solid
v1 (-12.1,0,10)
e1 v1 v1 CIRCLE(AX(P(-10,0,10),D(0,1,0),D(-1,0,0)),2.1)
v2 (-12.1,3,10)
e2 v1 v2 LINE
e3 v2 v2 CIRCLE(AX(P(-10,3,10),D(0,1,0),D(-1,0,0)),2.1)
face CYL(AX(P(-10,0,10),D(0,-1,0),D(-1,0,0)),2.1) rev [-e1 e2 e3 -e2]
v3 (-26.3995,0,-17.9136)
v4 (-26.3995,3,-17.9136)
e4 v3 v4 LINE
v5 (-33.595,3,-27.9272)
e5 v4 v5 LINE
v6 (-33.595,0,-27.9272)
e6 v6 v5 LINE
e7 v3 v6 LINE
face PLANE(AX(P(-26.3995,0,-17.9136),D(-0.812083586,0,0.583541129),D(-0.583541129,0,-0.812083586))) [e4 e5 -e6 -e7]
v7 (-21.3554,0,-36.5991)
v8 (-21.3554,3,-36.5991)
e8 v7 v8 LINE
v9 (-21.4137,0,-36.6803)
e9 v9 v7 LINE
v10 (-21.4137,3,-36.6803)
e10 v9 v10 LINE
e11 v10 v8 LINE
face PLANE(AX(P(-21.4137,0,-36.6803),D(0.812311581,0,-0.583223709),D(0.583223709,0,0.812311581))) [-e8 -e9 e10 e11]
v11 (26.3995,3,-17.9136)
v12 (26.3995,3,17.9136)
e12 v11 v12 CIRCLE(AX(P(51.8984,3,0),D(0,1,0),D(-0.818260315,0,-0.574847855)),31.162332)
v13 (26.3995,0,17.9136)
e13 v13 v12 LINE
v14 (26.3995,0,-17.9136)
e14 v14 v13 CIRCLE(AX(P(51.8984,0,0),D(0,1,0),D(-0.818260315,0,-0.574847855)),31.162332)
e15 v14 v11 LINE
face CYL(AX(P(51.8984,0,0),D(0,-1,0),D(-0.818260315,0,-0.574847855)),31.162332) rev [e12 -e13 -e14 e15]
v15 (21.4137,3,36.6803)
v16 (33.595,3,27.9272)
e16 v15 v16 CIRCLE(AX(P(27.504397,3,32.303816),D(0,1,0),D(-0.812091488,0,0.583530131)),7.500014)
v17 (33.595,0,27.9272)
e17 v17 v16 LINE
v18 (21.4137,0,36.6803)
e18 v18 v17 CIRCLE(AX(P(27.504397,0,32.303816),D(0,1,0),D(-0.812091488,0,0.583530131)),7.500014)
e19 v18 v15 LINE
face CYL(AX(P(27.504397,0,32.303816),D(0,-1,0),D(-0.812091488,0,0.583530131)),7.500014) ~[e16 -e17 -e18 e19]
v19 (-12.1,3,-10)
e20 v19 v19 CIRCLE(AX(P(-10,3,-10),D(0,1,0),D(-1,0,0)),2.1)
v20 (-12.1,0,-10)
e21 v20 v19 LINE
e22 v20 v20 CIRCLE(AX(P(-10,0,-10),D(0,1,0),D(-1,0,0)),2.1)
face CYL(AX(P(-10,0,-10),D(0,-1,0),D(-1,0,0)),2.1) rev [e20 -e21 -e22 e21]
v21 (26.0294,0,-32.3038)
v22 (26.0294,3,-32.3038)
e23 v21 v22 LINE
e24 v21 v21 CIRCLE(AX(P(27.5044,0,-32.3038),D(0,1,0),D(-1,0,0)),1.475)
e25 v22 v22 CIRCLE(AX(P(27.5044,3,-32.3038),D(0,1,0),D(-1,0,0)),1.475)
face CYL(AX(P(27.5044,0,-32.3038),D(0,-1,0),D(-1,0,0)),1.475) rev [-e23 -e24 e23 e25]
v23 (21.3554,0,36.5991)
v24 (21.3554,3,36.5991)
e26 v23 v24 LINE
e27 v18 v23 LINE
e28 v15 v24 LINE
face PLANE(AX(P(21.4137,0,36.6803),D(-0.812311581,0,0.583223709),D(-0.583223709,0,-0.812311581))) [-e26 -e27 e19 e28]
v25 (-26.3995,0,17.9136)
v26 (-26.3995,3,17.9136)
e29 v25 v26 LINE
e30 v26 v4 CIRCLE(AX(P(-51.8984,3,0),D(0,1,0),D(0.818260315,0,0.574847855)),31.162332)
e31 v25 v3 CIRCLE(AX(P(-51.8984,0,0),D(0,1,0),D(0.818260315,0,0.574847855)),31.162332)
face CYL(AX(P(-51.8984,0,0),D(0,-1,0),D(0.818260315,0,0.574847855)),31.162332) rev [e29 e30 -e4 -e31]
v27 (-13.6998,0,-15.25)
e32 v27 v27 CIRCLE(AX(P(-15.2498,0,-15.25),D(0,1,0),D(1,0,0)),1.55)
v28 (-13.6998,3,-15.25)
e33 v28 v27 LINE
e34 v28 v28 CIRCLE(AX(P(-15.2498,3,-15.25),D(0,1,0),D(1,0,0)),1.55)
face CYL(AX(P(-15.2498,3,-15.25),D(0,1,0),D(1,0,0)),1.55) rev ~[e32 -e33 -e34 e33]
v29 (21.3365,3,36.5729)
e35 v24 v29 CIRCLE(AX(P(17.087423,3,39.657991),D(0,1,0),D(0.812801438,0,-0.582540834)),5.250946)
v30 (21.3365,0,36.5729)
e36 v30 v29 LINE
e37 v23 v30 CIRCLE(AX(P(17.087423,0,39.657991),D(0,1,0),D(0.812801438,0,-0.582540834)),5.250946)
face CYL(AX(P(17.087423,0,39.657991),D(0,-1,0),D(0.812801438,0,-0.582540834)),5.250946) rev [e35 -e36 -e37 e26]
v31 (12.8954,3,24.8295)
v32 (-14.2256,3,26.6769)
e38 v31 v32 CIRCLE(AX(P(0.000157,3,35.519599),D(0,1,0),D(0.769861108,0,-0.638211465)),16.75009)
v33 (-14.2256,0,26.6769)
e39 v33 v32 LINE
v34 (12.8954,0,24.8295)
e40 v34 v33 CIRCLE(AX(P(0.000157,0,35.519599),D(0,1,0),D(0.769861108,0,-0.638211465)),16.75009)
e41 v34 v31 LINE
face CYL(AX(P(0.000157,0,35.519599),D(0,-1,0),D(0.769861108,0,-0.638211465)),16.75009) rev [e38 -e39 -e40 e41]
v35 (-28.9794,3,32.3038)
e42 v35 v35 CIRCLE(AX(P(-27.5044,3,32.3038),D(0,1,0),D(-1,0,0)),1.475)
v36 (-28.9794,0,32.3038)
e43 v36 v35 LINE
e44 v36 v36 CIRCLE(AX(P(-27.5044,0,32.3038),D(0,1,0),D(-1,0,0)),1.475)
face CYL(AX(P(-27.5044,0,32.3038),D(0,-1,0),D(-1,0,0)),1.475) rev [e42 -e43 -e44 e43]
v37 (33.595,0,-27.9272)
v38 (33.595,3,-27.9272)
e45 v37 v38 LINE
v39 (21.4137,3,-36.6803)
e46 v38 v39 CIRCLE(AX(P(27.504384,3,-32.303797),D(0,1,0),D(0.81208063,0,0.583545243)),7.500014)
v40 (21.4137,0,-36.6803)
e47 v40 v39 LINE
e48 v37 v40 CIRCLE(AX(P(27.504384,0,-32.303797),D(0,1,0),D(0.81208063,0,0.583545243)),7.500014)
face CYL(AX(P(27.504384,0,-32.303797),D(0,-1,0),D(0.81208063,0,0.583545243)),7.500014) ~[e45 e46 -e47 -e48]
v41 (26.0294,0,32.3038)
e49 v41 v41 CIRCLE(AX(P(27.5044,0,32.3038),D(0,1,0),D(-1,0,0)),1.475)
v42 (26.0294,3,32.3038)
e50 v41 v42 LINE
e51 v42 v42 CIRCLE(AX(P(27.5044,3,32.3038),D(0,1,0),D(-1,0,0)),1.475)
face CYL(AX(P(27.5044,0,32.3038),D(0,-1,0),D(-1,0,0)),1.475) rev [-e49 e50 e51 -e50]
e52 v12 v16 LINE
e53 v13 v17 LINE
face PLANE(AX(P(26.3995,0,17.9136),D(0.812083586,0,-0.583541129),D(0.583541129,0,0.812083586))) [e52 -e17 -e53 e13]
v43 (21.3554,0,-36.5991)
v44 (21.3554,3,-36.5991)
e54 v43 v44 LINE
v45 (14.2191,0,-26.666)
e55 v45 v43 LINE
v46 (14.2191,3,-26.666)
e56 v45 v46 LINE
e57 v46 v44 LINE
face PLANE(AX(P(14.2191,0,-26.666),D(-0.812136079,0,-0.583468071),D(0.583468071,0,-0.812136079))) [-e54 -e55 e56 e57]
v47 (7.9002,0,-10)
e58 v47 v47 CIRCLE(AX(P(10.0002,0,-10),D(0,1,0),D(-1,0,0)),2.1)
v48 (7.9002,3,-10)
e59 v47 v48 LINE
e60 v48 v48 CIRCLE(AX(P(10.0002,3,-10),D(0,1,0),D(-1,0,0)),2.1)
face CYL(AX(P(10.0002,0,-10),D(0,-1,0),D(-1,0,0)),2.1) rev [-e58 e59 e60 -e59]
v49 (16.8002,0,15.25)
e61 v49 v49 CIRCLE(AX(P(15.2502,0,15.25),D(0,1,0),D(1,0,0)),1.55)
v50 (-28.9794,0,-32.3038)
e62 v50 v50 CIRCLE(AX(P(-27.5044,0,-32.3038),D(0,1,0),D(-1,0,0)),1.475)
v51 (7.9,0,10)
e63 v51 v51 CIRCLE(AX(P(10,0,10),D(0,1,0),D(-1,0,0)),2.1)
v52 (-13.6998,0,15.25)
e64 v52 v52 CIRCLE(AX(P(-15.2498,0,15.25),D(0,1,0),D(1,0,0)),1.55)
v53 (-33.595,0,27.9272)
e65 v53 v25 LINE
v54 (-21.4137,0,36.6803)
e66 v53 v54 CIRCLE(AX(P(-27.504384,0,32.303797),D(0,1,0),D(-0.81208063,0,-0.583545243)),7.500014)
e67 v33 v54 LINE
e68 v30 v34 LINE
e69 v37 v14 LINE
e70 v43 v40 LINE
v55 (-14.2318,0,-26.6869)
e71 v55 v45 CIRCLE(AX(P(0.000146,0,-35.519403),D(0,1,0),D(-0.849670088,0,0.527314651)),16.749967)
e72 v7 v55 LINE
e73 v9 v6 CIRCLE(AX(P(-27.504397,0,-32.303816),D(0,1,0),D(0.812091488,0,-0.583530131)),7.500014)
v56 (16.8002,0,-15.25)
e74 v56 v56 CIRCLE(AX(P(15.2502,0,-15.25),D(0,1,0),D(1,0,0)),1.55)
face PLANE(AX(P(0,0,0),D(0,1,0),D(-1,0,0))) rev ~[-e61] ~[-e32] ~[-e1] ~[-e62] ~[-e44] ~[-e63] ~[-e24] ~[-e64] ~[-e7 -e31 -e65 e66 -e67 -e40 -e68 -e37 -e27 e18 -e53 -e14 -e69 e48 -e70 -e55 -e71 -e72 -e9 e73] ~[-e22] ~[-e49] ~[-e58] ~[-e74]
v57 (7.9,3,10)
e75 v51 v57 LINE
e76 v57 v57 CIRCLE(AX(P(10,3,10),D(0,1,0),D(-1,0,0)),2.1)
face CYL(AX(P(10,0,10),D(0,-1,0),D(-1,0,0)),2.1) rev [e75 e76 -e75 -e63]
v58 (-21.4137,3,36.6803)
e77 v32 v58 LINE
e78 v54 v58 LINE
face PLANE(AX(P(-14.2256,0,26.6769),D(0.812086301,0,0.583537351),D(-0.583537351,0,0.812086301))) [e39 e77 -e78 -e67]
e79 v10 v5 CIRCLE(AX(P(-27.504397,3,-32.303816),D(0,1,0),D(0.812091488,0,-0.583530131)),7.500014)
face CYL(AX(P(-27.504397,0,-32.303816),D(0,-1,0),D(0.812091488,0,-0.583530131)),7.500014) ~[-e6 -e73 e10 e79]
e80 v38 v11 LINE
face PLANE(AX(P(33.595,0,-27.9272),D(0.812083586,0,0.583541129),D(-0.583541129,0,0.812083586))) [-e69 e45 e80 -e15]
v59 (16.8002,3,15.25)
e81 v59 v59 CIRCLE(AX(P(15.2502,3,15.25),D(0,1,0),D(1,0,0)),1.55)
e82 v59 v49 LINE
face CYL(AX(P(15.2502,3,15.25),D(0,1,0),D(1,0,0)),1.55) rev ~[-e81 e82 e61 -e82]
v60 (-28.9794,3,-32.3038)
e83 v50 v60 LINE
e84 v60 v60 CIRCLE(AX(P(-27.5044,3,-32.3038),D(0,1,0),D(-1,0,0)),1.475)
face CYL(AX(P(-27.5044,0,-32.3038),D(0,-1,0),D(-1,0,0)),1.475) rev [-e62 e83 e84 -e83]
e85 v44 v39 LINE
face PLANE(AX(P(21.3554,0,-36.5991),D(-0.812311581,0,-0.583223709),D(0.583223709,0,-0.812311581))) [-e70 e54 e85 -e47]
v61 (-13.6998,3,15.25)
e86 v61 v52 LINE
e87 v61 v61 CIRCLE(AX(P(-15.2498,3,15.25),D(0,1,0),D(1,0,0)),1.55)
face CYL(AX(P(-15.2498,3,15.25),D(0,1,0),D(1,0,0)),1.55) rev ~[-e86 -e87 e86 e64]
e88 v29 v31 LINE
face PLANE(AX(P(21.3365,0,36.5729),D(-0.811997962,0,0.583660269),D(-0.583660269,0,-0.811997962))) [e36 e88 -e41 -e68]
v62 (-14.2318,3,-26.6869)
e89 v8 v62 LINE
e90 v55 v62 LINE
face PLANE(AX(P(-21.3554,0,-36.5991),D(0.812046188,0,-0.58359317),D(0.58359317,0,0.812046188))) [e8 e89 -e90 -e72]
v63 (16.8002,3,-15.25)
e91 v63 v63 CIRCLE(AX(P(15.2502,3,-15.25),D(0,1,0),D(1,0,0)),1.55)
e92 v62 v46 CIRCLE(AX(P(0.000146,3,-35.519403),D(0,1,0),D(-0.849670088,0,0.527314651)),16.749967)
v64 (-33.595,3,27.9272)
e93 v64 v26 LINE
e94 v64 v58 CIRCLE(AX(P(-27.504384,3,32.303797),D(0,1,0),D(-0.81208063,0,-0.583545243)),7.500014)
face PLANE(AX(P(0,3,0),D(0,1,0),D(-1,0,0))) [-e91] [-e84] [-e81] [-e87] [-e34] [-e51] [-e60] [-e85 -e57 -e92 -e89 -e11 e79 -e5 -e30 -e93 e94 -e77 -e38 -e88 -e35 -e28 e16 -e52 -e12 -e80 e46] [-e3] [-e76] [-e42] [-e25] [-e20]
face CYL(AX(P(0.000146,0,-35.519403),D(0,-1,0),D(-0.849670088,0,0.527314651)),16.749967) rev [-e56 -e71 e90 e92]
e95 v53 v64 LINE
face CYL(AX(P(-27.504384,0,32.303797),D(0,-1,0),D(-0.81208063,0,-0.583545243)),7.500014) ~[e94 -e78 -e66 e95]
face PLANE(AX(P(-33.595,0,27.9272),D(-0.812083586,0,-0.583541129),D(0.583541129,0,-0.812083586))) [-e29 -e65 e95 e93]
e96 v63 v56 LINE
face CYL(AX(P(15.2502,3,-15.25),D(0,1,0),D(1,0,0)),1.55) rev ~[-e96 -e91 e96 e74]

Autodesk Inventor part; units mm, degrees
ref_plane "YZ Plane" through (0, 0, 0) normal (1, 0, 0) x (0, 1, 0)
ref_plane "XZ Plane" through (0, 0, 0) normal (0, 1, 0) x (-1, 0, 0)
ref_plane "XY Plane" through (0, 0, 0) normal (0, 0, 1) x (1, 0, 0)
sketch "Sketch1" plane through (0, 0, 0) normal (0, 1, 0) x (-1, 0, 0)
  arc A0 (-2.9502, -0.8481) -> (-2.9502, 0.8481) centre (-3.48, 0) ccw
  line L0 (-2.9502, 0.8481) -> (-7.8639, 3.9177)
  arc A1 (-7.8639, 3.9177) -> (-9.3575, 3.336) centre (-8.3937, 3.0696) ccw
  line L1 (-9.3575, 3.336) -> (-10.206, 0.2664)
  arc A2 (-10.206, 0.2664) -> (-10.206, -0.2664) centre (-9.2421, 0) ccw
  line L2 (-10.206, -0.2664) -> (-9.3575, -3.336)
  arc A3 (-9.3575, -3.336) -> (-7.8639, -3.9177) centre (-8.3937, -3.0696) ccw
  line L3 (-7.8639, -3.9177) -> (-2.9502, -0.8481)
  line L4 (-21.4137, 36.6803) -> (-21.3554, 36.5991)
  line L5 (18.0989, 21.6995) -> (22.3004, 27.5465)
  circle A4 centre (27.5044, 32.3038) radius 1.475
  line L6 (7.8639, 3.9177) -> (2.9502, 0.8481)
  arc A5 (2.9502, 0.8481) -> (2.9502, -0.8481) centre (3.48, 0) ccw
  line L7 (2.9502, -0.8481) -> (7.8639, -3.9177)
  arc A6 (7.8639, -3.9177) -> (9.3575, -3.336) centre (8.3937, -3.0696) ccw
  line L8 (9.3575, -3.336) -> (10.206, -0.2664)
  arc A7 (10.206, -0.2664) -> (10.206, 0.2664) centre (9.2421, 0) ccw
  line L9 (10.206, 0.2664) -> (9.3575, 3.336)
  arc A8 (9.3575, 3.336) -> (7.8639, 3.9177) centre (8.3937, 3.0696) ccw
  line L10 (-24.6555, 25.8542) -> (-20.454, 20.0072)
  arc A9 (-20.454, 20.0072) -> (-18.0989, 21.6995) centre (-19.2764, 20.8534) ccw
  line L11 (-18.0989, 21.6995) -> (-22.3004, 27.5465)
  arc A10 (-22.3004, 27.5465) -> (-24.6555, 25.8542) centre (-23.4779, 26.7004) ccw
  line L12 (14.2256, 26.6769) -> (21.4137, 36.6803)
  arc A11 (-26.3995, -17.9136) -> (-26.3995, 17.9136) centre (-51.8984, 0) ccw
  arc A12 (26.3995, 17.9136) -> (26.3995, -17.9136) centre (51.8984, 0) ccw
  line L13 (-21.3365, 36.5729) -> (-12.8954, 24.8295)
  arc A13 (-12.8954, 24.8295) -> (14.2256, 26.6769) centre (-0.0002, 35.5195) ccw
  arc A14 (18.0989, 21.6995) -> (20.454, 20.0072) centre (19.2764, 20.8534) ccw
  line L14 (24.6555, 25.8542) -> (20.454, 20.0072)
  circle A15 centre (15.2498, 15.25) radius 1.475
  arc A16 (-21.3554, 36.5991) -> (-21.3365, 36.5729) centre (0, 51.9445) ccw
  circle A17 centre (-15.2502, 15.25) radius 1.475
  line L15 (33.595, 27.9272) -> (26.3995, 17.9136)
  arc A18 (24.6555, 25.8542) -> (22.3004, 27.5465) centre (23.4779, 26.7004) ccw
  arc A19 (33.595, 27.9272) -> (21.4137, 36.6803) centre (27.5044, 32.3038) ccw
  line L16 (-22.3004, -27.5465) -> (-18.0989, -21.6995)
  arc A20 (-18.0989, -21.6995) -> (-20.454, -20.0072) centre (-19.2764, -20.8534) ccw
  line L17 (-20.454, -20.0072) -> (-24.6555, -25.8542)
  arc A21 (-24.6555, -25.8542) -> (-22.3004, -27.5465) centre (-23.4779, -26.7004) ccw
  circle A22 centre (10, 10) radius 2.1
  circle A23 centre (-10, 10) radius 2.1
  arc A24 (-21.4137, 36.6803) -> (-33.595, 27.9272) centre (-27.5044, 32.3038) ccw
  line L18 (-26.3995, 17.9136) -> (-33.595, 27.9272)
  circle A25 centre (-27.5044, 32.3038) radius 1.475
  line L19 (-21.3554, -36.5991) -> (-21.4137, -36.6803)
  circle A26 centre (15.2498, -15.25) radius 1.475
  line L20 (18.0989, -21.6995) -> (22.3004, -27.5465)
  arc A27 (22.3004, -27.5465) -> (24.6555, -25.8542) centre (23.4779, -26.7004) ccw
  line L21 (24.6555, -25.8542) -> (20.454, -20.0072)
  arc A28 (20.454, -20.0072) -> (18.0989, -21.6995) centre (19.2764, -20.8534) ccw
  circle A29 centre (27.5044, -32.3038) radius 1.475
  circle A30 centre (-10.0002, -10) radius 2.1
  circle A31 centre (10, -10) radius 2.1
  line L22 (-14.2191, -26.666) -> (-21.3554, -36.5991)
  line L23 (21.3554, -36.5991) -> (14.2318, -26.6869)
  circle A32 centre (-15.2502, -15.25) radius 1.475
  circle A33 centre (-27.5044, -32.3038) radius 1.475
  arc A34 (21.4137, -36.6803) -> (33.595, -27.9272) centre (27.5044, -32.3038) ccw
  line L24 (-33.595, -27.9272) -> (-26.3995, -17.9136)
  arc A35 (14.2318, -26.6869) -> (-14.2191, -26.666) centre (-0.0002, -35.5195) ccw
  line L25 (26.3995, -17.9136) -> (33.595, -27.9272)
  line L26 (21.4137, -36.6803) -> (21.3554, -36.5991)
  arc A36 (-33.595, -27.9272) -> (-21.4137, -36.6803) centre (-27.5044, -32.3038) ccw
  line L27 (3.48, 0) -> (-3.48, 0) construction
  point P0 (0, 0)
  point P1 (0, 0)
  point P2 (-21.4137, 36.6803)
  point P3 (-33.595, 27.9272)
  point P4 (-21.4137, -36.6803)
  point P5 (21.4137, -36.6803)
  point P6 (21.4137, 36.6803)
  point P7 (-12.8954, 24.8295)
  point P8 (-21.3365, 36.5729)
  point P9 (-21.3554, 36.5991)
extrude "Extrusion1" add sketch "Sketch1" along normal blind 3 contours L3 A3 L2 A2 L1 A1 L0 A0 | L4 A16 L13 A13 L12 A19 L15 A12 L25 A34 L26 L23 A35 L22 L19 A36 L24 A11 L18 A24 | L5 A18 L14 A14 | A8 L9 A7 L8 A6 L7 A5 L6 | A10 L11 A9 L10 | A21 L17 A20 L16 | A28 L21 A27 L20
sketch "Sketch2" plane through (0, 3, 0) normal (0, 1, 0) x (1, 0, 0)
  circle A0 centre (-15.2498, 15.25) radius 1.475 construction
  circle A1 centre (15.2502, 15.25) radius 1.475 construction
  circle A2 centre (15.2502, -15.25) radius 1.475 construction
  circle A3 centre (-15.2498, -15.25) radius 1.475 construction
  circle A4 centre (-15.2498, 15.25) radius 1.475 projected
  circle A5 centre (-15.2498, 15.25) radius 1.55
  circle A6 centre (15.2502, 15.25) radius 1.475 projected
  circle A7 centre (15.2502, 15.25) radius 1.55
  circle A8 centre (15.2502, -15.25) radius 1.475 projected
  circle A9 centre (15.2502, -15.25) radius 1.55
  circle A10 centre (-15.2498, -15.25) radius 1.55
  point P0 (0, 0)
  dimension "d2" = 3.1
  dimension "d3" = 3.1
  dimension "d4" = 3.1
  dimension "d5" = 3.1
extrude "Extrusion2" cut sketch "Sketch2" against normal through all contours A4 | A5 | A6 | A7 | A8 | A9 | A10
properties part number "bottom plate"
